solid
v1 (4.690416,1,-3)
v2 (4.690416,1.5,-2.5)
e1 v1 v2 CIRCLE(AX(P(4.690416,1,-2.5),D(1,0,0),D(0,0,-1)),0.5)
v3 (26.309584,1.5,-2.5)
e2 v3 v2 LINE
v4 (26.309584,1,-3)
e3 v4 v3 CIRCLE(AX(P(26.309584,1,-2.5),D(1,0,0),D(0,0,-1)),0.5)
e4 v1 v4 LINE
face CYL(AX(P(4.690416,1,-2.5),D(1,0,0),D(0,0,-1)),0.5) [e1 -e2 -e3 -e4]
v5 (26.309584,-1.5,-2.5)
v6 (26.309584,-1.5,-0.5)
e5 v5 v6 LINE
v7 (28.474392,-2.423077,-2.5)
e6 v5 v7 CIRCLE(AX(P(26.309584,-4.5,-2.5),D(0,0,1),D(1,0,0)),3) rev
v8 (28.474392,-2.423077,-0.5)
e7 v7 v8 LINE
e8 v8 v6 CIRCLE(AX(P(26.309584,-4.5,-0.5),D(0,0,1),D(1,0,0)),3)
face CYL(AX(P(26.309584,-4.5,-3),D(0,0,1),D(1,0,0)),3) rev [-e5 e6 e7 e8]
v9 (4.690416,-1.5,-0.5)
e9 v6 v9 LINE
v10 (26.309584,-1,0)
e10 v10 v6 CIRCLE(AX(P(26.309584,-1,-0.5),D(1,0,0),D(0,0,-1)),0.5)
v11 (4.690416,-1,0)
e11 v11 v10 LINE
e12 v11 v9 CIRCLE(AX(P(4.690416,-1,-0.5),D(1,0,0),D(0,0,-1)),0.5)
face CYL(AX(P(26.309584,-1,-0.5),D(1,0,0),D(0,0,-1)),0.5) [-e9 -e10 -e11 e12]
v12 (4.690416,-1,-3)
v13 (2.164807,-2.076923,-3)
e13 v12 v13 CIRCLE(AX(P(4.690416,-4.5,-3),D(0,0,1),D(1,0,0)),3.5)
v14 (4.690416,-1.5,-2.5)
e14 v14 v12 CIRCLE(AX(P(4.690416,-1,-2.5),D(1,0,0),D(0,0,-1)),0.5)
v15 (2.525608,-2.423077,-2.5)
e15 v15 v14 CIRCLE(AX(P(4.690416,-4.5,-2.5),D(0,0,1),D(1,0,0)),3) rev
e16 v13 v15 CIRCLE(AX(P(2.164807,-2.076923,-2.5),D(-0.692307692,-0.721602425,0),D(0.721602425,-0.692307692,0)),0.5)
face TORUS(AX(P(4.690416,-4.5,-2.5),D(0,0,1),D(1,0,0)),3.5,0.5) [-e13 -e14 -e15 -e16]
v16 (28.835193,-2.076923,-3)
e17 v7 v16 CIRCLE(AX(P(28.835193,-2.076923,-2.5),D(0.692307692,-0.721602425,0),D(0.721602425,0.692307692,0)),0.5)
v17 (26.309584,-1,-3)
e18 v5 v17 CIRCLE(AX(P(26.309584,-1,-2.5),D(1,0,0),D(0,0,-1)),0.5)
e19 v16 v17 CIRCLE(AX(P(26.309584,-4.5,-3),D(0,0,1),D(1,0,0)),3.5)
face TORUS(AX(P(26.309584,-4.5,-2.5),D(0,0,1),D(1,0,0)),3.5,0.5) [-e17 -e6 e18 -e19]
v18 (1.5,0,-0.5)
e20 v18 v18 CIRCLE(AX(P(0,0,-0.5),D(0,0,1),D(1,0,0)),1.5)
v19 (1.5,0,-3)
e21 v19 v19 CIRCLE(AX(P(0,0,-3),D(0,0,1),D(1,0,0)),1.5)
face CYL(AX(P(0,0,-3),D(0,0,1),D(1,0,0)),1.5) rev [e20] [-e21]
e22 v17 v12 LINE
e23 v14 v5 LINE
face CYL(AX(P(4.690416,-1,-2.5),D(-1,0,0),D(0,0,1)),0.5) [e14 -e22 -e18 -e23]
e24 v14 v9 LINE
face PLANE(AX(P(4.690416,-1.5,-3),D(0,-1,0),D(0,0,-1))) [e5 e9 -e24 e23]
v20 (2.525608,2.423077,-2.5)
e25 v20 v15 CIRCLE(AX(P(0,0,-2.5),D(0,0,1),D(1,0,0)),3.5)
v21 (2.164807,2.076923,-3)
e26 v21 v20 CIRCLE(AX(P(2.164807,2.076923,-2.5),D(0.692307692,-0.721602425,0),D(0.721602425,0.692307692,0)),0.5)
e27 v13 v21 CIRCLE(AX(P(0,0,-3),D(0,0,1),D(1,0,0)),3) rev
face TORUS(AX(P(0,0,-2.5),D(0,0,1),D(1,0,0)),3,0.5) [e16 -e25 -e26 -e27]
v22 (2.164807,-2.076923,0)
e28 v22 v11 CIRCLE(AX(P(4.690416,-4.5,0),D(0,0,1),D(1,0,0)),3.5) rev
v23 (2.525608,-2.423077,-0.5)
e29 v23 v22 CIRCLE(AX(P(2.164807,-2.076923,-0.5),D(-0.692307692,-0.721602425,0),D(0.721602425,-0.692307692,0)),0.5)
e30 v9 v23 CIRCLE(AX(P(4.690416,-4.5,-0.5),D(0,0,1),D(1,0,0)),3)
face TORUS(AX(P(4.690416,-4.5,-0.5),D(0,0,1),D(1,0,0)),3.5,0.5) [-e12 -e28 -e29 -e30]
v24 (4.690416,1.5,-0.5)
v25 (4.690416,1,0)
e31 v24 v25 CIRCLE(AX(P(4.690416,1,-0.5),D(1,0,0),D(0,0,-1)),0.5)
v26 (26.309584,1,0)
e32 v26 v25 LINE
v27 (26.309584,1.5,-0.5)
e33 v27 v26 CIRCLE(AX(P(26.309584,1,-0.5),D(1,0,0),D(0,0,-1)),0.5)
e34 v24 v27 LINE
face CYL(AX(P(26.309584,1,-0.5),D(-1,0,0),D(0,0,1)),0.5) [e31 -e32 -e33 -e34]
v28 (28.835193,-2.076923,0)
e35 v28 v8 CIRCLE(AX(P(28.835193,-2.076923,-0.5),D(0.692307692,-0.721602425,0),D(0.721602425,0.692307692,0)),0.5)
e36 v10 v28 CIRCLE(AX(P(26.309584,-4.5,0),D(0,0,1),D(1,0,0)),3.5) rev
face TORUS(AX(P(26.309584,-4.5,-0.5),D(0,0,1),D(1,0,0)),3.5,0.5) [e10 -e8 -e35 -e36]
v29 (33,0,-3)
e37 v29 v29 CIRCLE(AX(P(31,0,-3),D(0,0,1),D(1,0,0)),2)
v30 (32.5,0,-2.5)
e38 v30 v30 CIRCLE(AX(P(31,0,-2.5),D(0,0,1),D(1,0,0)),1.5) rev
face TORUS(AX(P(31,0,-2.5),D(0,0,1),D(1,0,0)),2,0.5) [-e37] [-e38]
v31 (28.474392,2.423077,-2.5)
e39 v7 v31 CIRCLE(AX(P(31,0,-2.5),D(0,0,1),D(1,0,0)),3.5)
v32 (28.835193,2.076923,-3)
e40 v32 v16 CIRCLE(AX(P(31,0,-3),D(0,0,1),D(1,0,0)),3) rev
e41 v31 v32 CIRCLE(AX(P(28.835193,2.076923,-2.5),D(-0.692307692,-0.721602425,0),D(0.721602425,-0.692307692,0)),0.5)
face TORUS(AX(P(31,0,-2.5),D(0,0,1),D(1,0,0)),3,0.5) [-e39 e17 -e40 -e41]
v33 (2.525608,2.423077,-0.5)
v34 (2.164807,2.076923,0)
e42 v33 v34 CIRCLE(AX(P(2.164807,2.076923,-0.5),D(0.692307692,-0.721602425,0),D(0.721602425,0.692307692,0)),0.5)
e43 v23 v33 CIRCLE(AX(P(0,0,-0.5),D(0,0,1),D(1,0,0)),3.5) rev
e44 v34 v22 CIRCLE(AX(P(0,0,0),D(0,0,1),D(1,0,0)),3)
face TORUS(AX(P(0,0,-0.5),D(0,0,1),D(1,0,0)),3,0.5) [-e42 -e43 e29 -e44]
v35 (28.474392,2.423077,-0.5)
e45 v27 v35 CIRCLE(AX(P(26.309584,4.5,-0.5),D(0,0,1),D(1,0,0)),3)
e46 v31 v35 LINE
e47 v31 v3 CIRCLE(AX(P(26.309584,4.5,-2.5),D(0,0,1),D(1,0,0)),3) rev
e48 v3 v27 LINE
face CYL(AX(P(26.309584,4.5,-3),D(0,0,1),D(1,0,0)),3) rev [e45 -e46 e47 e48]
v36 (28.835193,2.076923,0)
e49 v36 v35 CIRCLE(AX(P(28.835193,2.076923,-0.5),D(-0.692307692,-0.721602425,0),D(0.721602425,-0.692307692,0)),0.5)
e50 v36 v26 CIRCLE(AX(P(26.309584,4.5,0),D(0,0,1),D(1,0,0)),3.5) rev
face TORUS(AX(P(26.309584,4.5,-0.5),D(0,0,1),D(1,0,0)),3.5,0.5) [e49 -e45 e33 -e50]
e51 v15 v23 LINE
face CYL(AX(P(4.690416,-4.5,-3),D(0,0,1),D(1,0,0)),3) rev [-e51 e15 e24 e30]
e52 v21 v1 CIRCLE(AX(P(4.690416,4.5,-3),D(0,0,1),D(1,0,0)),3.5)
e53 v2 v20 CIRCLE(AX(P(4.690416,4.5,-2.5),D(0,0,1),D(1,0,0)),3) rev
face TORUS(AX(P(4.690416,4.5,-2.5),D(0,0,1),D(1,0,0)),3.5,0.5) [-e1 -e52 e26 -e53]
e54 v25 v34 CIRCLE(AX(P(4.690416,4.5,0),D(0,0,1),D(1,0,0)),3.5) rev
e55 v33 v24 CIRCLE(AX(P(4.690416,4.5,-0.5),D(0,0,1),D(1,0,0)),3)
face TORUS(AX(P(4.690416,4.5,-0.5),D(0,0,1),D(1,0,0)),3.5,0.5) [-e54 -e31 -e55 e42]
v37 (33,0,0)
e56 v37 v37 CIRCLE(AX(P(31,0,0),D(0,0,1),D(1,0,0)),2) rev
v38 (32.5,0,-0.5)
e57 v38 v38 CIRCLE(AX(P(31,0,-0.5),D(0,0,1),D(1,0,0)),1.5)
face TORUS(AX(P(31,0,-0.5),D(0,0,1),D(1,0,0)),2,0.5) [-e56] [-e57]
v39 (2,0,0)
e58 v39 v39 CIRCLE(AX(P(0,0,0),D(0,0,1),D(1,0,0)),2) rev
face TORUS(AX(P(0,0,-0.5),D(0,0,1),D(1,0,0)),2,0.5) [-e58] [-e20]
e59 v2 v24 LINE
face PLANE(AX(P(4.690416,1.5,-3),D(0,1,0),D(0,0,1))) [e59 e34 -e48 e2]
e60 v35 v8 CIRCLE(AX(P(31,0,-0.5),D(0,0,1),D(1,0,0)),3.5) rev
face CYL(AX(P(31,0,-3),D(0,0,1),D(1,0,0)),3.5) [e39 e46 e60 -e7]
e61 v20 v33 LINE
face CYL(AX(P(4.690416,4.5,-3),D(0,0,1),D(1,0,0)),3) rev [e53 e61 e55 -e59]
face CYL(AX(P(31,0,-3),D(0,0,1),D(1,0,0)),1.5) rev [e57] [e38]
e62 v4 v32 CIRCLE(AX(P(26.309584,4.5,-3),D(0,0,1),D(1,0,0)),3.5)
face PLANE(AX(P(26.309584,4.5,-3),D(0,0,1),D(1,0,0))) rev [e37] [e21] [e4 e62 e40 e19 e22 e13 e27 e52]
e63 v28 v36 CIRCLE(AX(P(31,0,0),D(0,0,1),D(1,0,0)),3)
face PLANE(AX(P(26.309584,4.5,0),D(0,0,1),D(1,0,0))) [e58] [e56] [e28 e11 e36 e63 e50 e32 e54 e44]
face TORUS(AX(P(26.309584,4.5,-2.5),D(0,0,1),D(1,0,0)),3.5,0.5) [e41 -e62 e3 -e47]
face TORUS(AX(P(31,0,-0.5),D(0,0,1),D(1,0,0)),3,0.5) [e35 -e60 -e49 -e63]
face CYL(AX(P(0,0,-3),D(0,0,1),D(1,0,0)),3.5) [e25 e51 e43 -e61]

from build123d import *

# Parameters (mm, degrees)
SKETCH1_R           = 1.5
BOSS_EXTRUDE1_DEPTH = 3
FILLET1_R           = 0.5


with BuildPart() as part:
    # Sketch1 → Boss-Extrude1 (new body)
    with BuildSketch(Plane.XY):
        with BuildLine():
            Line((4.69041576, 1.5), (26.30958424, 1.5))
            ThreePointArc((26.30958424, 1.5), (27.486281051, 1.740401367), (28.474391514, 2.423076923))
            ThreePointArc((28.474391514, 2.423076923), (34.5, 0), (28.474391514, -2.423076923))
            ThreePointArc((28.474391514, -2.423076923), (27.486281051, -1.740401367), (26.30958424, -1.5))
            Line((26.30958424, -1.5), (4.69041576, -1.5))
            ThreePointArc((4.69041576, -1.5), (3.513718949, -1.740401367), (2.525608486, -2.423076923))
            ThreePointArc((2.525608486, -2.423076923), (-3.5, 0), (2.525608486, 2.423076923))
            ThreePointArc((2.525608486, 2.423076923), (3.513718949, 1.740401367), (4.69041576, 1.5))
        make_face()
        Circle(SKETCH1_R, mode=Mode.SUBTRACT)
        with Locations((31, 0)):
            Circle(SKETCH1_R, mode=Mode.SUBTRACT)
    extrude(amount=-BOSS_EXTRUDE1_DEPTH)

    # Fillet1
    fillet1_edges = [part.edges().sort_by_distance(p)[0] for p in [
        (-3.5, 0, 0),
        (3.513718949, 1.740401367, 0),
        (15.5, 1.5, 0),
        (27.486281051, 1.740401367, 0),
        (3.513718949, 1.740401367, -3),
        (-3.5, 0, -3),
        (3.513718949, -1.740401367, -3),
        (-1.5, 0, 0),
        (15.5, -1.5, -3),
        (29.5, 0, -3),
        (29.5, 0, 0),
        (27.486281051, -1.740401367, -3),
        (34.5, 0, -3),
        (27.486281051, 1.740401367, -3),
        (34.5, 0, 0),
        (15.5, 1.5, -3),
        (27.486281051, -1.740401367, 0),
        (15.5, -1.5, 0),
        (3.513718949, -1.740401367, 0),
    ]]
    fillet(fillet1_edges, radius=FILLET1_R)


solid = part.part
